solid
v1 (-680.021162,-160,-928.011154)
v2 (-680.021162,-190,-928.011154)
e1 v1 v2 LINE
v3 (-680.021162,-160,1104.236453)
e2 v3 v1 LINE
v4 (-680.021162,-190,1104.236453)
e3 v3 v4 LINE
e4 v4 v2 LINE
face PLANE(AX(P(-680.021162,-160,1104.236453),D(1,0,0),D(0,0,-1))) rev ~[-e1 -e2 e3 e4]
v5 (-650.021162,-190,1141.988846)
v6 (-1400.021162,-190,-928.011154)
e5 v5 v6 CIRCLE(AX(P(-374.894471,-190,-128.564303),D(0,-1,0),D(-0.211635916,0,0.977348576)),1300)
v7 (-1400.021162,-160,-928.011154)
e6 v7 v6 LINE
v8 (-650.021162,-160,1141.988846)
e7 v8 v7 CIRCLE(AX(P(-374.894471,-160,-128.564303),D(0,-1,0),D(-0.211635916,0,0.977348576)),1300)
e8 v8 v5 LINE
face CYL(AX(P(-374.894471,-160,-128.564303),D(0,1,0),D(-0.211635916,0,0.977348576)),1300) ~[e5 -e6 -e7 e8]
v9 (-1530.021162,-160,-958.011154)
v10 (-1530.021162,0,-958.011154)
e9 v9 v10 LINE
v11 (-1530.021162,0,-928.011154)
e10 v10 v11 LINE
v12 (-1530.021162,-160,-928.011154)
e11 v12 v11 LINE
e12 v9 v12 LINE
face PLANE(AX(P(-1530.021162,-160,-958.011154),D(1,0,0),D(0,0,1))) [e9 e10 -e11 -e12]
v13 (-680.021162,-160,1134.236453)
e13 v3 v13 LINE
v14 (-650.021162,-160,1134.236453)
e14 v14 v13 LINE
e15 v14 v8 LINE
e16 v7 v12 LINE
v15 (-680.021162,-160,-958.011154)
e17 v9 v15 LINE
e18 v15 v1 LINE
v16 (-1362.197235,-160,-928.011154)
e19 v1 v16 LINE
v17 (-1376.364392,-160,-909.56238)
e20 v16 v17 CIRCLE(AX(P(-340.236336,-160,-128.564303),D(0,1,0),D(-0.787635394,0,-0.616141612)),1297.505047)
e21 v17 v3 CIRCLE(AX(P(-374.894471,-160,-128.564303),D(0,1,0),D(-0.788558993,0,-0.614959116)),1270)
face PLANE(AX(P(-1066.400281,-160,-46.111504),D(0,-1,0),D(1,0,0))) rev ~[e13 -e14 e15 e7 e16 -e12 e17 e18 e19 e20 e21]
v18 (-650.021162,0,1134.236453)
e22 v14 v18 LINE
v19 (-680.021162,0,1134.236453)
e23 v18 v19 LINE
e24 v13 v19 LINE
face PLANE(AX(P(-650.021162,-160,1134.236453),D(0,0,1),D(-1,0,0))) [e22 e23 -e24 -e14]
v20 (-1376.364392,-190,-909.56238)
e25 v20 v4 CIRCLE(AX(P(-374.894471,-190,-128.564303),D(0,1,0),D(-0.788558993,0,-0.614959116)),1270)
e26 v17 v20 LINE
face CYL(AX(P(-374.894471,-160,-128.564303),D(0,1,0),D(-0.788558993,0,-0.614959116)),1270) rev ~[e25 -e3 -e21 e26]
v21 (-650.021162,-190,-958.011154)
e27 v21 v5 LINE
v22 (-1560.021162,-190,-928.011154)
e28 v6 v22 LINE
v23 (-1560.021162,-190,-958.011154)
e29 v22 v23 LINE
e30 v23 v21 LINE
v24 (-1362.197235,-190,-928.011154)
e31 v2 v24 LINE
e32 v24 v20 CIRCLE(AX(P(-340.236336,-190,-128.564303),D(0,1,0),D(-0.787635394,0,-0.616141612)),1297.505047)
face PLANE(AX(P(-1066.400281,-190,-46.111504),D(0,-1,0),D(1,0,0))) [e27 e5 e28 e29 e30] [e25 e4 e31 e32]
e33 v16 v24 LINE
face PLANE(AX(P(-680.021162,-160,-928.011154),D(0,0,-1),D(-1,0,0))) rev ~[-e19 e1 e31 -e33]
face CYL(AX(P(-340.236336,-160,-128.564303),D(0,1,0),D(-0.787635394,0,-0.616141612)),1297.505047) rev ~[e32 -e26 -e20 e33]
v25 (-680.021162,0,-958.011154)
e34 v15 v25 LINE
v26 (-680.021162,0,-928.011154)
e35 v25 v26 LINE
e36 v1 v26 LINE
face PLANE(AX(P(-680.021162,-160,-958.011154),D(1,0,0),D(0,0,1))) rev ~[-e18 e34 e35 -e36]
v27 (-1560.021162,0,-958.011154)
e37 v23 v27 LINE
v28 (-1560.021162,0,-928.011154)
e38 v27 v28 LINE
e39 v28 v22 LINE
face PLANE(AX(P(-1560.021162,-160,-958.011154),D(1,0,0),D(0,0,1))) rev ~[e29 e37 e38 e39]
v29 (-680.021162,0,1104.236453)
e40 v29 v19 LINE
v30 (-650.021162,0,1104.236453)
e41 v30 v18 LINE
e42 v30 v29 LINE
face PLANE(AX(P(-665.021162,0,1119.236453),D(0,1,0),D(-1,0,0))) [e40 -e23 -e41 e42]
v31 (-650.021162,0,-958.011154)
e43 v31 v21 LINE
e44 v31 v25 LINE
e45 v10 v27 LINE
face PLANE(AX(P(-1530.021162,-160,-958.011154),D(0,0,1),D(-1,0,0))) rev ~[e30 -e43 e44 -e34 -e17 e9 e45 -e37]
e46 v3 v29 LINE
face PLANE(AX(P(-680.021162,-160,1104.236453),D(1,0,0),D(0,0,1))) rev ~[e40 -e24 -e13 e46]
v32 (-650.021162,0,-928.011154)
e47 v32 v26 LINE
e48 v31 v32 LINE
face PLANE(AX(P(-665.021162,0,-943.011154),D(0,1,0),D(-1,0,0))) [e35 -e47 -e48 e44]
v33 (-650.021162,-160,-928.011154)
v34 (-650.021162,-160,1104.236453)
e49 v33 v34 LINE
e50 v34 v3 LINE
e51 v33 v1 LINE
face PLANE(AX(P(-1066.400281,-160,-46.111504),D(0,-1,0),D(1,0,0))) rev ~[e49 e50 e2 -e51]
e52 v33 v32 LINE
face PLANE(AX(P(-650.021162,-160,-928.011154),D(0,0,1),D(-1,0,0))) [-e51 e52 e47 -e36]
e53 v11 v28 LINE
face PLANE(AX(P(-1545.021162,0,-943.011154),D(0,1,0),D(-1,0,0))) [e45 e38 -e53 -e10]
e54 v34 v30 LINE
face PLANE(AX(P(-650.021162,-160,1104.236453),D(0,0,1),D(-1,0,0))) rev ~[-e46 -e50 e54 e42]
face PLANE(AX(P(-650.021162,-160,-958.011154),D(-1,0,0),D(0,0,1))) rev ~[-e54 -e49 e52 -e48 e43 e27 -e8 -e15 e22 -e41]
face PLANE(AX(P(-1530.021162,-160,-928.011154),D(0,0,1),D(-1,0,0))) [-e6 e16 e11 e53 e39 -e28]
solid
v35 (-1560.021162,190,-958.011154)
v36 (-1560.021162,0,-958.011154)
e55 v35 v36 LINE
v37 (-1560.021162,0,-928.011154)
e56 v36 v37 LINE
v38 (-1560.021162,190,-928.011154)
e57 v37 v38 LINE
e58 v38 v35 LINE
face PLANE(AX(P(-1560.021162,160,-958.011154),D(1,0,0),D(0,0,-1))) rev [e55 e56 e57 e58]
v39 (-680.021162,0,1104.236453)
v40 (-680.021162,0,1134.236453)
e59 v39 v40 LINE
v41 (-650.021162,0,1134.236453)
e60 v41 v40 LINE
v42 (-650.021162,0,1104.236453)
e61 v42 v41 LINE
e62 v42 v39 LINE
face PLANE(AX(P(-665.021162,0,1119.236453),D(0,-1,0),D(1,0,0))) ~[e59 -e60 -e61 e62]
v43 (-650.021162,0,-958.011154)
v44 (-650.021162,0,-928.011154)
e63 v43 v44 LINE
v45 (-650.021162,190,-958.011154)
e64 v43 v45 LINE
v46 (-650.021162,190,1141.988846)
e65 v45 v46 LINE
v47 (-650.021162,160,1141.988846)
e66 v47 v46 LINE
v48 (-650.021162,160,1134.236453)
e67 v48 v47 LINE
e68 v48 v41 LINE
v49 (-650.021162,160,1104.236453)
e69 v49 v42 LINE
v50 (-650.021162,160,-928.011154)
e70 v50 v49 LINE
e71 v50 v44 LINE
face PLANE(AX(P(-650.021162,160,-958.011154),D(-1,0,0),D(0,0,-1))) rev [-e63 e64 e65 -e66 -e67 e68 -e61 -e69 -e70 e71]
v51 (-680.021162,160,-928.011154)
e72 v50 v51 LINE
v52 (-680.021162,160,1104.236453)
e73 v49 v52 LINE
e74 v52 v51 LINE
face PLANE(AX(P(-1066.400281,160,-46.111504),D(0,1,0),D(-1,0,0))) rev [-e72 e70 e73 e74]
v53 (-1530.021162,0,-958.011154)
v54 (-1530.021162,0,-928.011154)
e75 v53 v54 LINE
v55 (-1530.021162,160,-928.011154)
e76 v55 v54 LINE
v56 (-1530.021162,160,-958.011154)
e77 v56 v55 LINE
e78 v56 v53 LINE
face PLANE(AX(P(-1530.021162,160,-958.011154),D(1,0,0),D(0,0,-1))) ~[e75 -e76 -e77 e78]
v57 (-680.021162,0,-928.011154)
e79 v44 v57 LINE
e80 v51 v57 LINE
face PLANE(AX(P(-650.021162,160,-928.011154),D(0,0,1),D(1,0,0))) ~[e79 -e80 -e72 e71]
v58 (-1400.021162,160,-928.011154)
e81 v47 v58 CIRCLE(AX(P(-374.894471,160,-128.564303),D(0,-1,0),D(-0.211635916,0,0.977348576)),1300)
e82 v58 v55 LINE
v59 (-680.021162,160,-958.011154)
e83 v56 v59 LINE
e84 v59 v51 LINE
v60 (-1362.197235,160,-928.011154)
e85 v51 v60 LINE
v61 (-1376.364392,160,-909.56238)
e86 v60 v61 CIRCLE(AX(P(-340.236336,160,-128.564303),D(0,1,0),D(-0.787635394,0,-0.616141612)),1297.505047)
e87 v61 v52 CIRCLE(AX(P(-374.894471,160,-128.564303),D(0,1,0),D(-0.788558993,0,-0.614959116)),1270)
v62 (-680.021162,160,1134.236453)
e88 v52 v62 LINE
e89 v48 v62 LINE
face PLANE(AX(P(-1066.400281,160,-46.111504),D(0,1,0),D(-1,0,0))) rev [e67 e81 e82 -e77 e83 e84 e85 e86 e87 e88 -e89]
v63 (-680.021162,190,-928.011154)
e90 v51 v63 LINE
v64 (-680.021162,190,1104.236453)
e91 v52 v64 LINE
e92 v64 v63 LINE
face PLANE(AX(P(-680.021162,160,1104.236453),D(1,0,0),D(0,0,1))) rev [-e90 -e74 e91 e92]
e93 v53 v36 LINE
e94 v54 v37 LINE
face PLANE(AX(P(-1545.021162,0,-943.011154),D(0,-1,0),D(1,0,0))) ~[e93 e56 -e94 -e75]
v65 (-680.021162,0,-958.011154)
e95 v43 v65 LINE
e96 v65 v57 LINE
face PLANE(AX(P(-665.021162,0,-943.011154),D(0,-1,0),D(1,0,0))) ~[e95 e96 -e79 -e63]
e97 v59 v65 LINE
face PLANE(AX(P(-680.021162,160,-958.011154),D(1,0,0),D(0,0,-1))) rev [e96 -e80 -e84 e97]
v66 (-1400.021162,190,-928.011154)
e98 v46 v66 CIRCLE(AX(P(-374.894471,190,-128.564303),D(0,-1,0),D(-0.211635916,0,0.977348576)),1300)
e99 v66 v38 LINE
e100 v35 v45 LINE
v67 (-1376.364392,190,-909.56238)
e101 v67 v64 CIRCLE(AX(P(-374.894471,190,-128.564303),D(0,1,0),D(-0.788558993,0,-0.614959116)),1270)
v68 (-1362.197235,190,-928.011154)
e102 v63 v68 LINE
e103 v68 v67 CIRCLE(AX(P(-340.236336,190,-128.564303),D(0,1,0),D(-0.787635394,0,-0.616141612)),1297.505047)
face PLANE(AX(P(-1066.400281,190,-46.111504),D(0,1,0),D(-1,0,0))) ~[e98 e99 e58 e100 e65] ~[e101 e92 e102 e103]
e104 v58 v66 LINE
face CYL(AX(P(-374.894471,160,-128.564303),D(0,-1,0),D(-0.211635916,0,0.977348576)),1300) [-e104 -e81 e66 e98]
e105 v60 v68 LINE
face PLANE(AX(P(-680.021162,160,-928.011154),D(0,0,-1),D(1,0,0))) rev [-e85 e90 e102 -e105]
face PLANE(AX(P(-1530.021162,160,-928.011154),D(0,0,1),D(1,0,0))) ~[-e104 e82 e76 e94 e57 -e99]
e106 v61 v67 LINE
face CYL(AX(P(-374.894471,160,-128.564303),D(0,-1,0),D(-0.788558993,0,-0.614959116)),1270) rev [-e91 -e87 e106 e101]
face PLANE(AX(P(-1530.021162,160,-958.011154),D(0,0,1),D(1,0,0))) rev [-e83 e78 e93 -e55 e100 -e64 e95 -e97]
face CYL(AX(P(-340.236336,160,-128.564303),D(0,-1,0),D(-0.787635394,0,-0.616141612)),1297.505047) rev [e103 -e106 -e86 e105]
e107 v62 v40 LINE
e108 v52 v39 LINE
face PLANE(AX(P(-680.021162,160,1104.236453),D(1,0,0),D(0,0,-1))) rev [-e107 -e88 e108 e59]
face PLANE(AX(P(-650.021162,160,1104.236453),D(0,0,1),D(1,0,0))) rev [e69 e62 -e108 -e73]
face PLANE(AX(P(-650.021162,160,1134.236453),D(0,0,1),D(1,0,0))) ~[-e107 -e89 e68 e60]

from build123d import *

# Parameters (mm, degrees)
F1_START = 160
F1_DEPTH = 30
F2_W     = 30
F2_H     = 30
F3_DEPTH = 160


with BuildPart() as f1:
    # F0 (on Front) → F1 (new body)
    with BuildSketch(Plane.XZ.offset(F1_START)):
        with BuildLine():
            Line((-650.0211620331, -958.0111538821), (-650.0211620331, 1141.9888461179))
            ThreePointArc((-650.0211620331, 1141.9888461179), (-1597.1422833013, 314.279107447), (-1400.0211620331, -928.0111538821))
            Line((-1400.0211620331, -928.0111538821), (-1560.0211620331, -928.0111538821))
            Line((-1560.0211620331, -928.0111538821), (-1560.0211620331, -958.0111538821))
            Line((-1560.0211620331, -958.0111538821), (-650.0211620331, -958.0111538821))
        make_face()
        with BuildLine():
            ThreePointArc((-1376.3643922457, -909.5623803937), (-1575.1632376188, 286.4717059252), (-680.0211620331, 1104.2364527042))
            Line((-680.0211620331, 1104.2364527042), (-680.0211620331, -928.0111538821))
            Line((-680.0211620331, -928.0111538821), (-1362.1972346828, -928.0111538821))
            ThreePointArc((-1362.1972346828, -928.0111538821), (-1369.3221564788, -918.8185152105), (-1376.3643922457, -909.5623803937))
        make_face(mode=Mode.SUBTRACT)
    extrude(amount=F1_DEPTH)

    # F2 (on face) → F3 (join)
    with BuildSketch(Plane(origin=(0, -160, 0), x_dir=(-1, 0, 0), z_dir=(0, 1, 0))):
        with Locations((1545.0211620331, -943.0111538821)):
            Rectangle(F2_W, F2_H)
        with Locations((665.0211620331, -943.0111538821)):
            Rectangle(F2_W, F2_H)
        with Locations((665.0211620331, 1119.2364527042)):
            Rectangle(F2_W, F2_H)
    extrude(amount=F3_DEPTH)


with BuildPart() as f4_1:
    # F4: instance of F1
    add(f1.part.mirror(Plane.XZ))


solid = Compound([f1.part, f4_1.part])
